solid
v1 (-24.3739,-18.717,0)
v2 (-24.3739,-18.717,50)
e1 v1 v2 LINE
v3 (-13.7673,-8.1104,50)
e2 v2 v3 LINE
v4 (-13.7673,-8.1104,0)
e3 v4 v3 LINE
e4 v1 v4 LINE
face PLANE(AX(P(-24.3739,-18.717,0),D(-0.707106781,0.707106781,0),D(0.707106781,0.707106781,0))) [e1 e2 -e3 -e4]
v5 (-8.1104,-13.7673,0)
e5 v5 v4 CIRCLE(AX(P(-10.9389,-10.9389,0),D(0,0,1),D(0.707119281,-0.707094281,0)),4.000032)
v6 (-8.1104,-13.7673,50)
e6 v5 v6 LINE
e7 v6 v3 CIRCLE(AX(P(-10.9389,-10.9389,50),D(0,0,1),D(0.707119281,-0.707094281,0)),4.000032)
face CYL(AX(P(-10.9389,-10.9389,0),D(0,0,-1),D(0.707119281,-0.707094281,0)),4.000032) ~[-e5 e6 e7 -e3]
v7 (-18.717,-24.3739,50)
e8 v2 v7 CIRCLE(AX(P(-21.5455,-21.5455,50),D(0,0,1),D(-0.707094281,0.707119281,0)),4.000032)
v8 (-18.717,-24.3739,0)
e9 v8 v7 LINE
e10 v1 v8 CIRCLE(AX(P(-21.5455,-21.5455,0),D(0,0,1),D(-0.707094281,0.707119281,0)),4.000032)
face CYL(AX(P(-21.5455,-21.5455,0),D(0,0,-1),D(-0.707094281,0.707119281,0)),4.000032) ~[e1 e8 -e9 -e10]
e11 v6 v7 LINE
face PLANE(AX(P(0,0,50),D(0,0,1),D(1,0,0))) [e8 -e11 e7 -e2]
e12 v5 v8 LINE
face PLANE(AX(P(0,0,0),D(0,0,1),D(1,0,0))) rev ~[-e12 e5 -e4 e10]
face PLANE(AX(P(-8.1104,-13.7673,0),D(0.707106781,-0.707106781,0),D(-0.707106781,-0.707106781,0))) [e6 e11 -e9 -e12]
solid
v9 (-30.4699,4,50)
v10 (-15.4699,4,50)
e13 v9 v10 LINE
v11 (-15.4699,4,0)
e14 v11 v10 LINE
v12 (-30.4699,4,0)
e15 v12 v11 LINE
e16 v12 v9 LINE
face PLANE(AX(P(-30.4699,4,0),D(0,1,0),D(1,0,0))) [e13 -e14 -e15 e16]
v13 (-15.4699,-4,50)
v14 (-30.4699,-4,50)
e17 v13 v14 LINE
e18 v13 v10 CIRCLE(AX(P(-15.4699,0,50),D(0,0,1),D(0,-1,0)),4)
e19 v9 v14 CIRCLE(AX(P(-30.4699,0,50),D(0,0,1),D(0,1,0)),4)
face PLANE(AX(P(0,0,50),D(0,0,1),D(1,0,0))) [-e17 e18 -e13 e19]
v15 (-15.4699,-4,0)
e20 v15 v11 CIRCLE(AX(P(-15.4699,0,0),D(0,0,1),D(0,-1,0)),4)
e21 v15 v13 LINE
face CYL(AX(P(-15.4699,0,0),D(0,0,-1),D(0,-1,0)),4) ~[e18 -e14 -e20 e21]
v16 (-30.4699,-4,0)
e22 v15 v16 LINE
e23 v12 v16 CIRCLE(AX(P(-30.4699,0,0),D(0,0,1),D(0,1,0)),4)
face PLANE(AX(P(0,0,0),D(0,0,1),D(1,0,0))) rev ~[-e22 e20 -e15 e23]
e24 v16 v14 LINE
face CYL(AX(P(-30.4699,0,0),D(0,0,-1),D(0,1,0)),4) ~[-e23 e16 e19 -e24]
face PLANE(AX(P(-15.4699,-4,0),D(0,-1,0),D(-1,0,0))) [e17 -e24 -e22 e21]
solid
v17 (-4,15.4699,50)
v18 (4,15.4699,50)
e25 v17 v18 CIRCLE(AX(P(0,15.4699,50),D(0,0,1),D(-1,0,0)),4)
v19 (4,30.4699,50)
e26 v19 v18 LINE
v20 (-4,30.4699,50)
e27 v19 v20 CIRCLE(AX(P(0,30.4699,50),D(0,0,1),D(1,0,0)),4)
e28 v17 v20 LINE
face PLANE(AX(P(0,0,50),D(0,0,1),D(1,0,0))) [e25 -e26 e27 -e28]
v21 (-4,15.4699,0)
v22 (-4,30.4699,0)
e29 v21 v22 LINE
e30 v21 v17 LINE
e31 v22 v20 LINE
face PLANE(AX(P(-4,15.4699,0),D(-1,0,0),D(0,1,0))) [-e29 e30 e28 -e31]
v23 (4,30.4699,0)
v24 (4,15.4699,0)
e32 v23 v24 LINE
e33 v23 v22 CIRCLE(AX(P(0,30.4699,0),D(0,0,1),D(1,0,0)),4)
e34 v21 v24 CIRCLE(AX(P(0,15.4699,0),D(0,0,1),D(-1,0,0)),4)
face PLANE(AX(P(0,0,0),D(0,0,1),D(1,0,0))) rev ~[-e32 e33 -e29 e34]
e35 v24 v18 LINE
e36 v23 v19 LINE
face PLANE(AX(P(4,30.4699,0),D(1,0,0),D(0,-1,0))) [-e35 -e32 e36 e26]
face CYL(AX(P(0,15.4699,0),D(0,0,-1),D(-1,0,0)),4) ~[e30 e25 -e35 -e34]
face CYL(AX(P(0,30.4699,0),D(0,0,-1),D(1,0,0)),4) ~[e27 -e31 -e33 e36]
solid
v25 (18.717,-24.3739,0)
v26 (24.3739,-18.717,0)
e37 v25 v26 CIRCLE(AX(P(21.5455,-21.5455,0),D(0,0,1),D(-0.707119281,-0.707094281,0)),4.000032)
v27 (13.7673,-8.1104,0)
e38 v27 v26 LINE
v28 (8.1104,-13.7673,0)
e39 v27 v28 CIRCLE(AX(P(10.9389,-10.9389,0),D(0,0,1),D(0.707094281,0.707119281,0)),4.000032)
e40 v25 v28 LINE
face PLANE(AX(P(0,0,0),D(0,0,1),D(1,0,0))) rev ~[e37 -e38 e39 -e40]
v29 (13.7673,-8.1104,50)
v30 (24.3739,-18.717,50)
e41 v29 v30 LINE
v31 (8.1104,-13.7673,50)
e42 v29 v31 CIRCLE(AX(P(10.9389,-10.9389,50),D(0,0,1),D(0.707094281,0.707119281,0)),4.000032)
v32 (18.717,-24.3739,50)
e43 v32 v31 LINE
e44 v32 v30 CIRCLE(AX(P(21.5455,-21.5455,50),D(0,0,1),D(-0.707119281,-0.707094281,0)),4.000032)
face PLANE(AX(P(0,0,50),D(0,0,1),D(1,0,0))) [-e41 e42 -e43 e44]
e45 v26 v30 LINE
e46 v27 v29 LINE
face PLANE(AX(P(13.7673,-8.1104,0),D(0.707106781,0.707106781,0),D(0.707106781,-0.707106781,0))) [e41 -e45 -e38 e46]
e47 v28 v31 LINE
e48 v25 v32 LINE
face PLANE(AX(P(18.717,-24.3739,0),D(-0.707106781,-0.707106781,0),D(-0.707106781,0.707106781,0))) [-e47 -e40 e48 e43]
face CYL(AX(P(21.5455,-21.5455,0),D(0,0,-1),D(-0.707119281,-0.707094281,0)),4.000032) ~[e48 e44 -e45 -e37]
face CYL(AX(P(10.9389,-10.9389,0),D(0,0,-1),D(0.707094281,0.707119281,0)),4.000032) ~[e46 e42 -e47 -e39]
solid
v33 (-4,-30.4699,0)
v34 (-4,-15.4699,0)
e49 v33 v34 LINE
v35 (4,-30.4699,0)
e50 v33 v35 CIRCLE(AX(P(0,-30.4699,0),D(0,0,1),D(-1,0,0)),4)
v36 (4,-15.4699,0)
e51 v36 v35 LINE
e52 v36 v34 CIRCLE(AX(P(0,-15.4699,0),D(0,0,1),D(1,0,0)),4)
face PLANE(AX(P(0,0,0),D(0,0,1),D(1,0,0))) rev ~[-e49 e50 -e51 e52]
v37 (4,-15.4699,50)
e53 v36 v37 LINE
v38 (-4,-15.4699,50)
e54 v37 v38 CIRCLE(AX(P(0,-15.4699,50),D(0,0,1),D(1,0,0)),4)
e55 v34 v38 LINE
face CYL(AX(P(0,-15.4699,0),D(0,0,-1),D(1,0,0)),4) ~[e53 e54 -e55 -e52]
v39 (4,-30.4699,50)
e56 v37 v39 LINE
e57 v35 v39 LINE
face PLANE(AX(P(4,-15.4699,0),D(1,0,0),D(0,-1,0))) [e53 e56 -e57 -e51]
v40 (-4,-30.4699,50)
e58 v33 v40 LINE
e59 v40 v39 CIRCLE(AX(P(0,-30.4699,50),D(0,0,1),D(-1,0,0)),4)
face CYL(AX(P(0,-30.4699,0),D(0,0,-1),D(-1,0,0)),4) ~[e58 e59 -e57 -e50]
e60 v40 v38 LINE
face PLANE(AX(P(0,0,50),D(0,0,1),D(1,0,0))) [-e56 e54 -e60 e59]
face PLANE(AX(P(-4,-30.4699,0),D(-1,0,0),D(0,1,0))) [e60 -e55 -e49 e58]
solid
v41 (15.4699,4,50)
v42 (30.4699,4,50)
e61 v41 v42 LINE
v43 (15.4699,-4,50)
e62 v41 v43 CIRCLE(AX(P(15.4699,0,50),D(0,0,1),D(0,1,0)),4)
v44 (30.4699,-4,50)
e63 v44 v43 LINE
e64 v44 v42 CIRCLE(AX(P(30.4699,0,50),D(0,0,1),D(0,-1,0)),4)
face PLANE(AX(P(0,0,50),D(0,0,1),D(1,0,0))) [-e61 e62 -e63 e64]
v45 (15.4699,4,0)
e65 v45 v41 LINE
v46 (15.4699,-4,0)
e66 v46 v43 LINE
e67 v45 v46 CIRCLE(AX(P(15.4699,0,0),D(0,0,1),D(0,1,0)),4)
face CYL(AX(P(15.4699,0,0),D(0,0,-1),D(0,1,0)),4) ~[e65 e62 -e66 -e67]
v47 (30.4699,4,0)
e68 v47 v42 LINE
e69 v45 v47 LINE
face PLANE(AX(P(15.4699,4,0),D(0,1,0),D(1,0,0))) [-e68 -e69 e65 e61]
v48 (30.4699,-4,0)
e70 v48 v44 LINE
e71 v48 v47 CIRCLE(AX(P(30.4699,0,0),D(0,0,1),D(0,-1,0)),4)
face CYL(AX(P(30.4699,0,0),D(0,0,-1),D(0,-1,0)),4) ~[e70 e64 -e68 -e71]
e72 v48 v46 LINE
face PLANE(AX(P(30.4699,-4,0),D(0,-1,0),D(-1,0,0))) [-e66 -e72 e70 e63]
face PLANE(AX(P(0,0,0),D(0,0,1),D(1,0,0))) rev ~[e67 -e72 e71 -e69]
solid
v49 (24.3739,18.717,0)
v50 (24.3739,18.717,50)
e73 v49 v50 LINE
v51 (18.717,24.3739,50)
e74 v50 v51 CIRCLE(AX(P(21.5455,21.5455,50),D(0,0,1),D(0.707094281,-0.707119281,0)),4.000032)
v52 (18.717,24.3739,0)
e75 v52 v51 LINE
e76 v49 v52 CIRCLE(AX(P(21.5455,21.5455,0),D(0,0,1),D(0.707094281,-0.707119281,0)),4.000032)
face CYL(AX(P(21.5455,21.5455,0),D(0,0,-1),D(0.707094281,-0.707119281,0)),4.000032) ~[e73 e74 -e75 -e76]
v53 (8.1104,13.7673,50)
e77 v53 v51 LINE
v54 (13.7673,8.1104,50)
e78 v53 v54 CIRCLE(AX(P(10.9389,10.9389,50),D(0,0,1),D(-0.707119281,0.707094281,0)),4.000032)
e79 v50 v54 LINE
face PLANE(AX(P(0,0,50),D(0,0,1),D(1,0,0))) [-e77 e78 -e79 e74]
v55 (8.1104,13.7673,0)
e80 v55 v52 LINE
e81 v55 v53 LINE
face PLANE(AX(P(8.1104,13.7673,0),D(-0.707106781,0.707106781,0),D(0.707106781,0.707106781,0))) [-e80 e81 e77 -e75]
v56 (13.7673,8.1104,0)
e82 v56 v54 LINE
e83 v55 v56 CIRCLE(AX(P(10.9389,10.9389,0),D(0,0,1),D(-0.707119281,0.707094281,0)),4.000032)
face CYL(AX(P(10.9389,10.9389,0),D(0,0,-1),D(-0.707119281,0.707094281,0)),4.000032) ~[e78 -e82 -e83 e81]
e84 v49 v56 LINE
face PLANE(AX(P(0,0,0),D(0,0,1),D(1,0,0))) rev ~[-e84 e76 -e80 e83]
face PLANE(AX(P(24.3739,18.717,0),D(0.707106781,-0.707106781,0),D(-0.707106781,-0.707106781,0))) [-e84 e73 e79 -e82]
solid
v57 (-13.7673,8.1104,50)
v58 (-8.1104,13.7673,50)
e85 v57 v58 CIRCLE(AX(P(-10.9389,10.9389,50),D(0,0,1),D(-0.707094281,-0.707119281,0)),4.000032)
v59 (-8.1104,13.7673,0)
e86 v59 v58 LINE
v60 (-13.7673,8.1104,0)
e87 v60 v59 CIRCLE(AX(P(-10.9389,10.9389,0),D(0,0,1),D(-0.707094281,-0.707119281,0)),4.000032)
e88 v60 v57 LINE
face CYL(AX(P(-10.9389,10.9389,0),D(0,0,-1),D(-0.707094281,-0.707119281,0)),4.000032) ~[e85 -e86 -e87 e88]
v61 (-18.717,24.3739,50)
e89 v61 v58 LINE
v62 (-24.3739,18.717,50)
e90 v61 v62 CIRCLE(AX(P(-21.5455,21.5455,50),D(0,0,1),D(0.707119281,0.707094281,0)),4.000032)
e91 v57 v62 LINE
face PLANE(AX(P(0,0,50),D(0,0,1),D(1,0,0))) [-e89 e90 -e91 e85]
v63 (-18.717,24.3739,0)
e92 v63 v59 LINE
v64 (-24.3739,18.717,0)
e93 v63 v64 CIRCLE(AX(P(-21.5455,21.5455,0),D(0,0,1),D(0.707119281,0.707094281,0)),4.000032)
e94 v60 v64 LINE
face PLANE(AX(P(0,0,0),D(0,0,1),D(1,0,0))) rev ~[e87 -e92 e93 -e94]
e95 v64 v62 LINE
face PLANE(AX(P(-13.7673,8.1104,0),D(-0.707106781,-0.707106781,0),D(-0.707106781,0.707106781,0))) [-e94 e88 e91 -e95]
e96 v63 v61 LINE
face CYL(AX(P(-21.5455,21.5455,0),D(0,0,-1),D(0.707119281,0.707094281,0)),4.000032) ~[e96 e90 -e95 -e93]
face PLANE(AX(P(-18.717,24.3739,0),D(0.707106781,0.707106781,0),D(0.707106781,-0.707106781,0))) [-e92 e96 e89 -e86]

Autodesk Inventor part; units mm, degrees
ref_plane "YZ Plane" through (0, 0, 0) normal (1, 0, 0) x (0, 1, 0)
ref_plane "XZ Plane" through (0, 0, 0) normal (0, 1, 0) x (-1, 0, 0)
ref_plane "XY Plane" through (0, 0, 0) normal (0, 0, 1) x (1, 0, 0)
sketch "Sketch1" plane through (0, 0, 0) normal (0, 0, 1) x (1, 0, 0)
  line L0 (0, 30.4699) -> (0, 15.4699) construction
  line L1 (4, 30.4699) -> (4, 15.4699)
  line L2 (-4, 15.4699) -> (-4, 30.4699)
  arc A0 (4, 30.4699) -> (-4, 30.4699) centre (0, 30.4699) ccw
  arc A1 (-4, 15.4699) -> (4, 15.4699) centre (0, 15.4699) ccw
  circle A2 centre (0, 0) radius 22.9699 construction
  arc A3 (-18.717, 24.3739) -> (-24.3739, 18.717) centre (-21.5455, 21.5455) ccw
  line L3 (-18.717, 24.3739) -> (-8.1104, 13.7673)
  arc A4 (-13.7673, 8.1104) -> (-8.1104, 13.7673) centre (-10.9389, 10.9389) ccw
  line L4 (-13.7673, 8.1104) -> (-24.3739, 18.717)
  circle A5 centre (0, 0) radius 22.9699 construction
  arc A6 (-30.4699, 4) -> (-30.4699, -4) centre (-30.4699, 0) ccw
  line L5 (-30.4699, 4) -> (-15.4699, 4)
  arc A7 (-15.4699, -4) -> (-15.4699, 4) centre (-15.4699, 0) ccw
  line L6 (-15.4699, -4) -> (-30.4699, -4)
  circle A8 centre (0, 0) radius 22.9699 construction
  arc A9 (-24.3739, -18.717) -> (-18.717, -24.3739) centre (-21.5455, -21.5455) ccw
  line L7 (-24.3739, -18.717) -> (-13.7673, -8.1104)
  arc A10 (-8.1104, -13.7673) -> (-13.7673, -8.1104) centre (-10.9389, -10.9389) ccw
  line L8 (-8.1104, -13.7673) -> (-18.717, -24.3739)
  circle A11 centre (0, 0) radius 22.9699 construction
  arc A12 (-4, -30.4699) -> (4, -30.4699) centre (0, -30.4699) ccw
  line L9 (-4, -30.4699) -> (-4, -15.4699)
  arc A13 (4, -15.4699) -> (-4, -15.4699) centre (0, -15.4699) ccw
  line L10 (4, -15.4699) -> (4, -30.4699)
  circle A14 centre (0, 0) radius 22.9699 construction
  arc A15 (18.717, -24.3739) -> (24.3739, -18.717) centre (21.5455, -21.5455) ccw
  line L11 (18.717, -24.3739) -> (8.1104, -13.7673)
  arc A16 (13.7673, -8.1104) -> (8.1104, -13.7673) centre (10.9389, -10.9389) ccw
  line L12 (13.7673, -8.1104) -> (24.3739, -18.717)
  circle A17 centre (0, 0) radius 22.9699 construction
  arc A18 (30.4699, -4) -> (30.4699, 4) centre (30.4699, 0) ccw
  line L13 (30.4699, -4) -> (15.4699, -4)
  arc A19 (15.4699, 4) -> (15.4699, -4) centre (15.4699, 0) ccw
  line L14 (15.4699, 4) -> (30.4699, 4)
  circle A20 centre (0, 0) radius 22.9699 construction
  arc A21 (24.3739, 18.717) -> (18.717, 24.3739) centre (21.5455, 21.5455) ccw
  line L15 (24.3739, 18.717) -> (13.7673, 8.1104)
  arc A22 (8.1104, 13.7673) -> (13.7673, 8.1104) centre (10.9389, 10.9389) ccw
  line L16 (8.1104, 13.7673) -> (18.717, 24.3739)
  circle A23 centre (0, 0) radius 22.9699 construction
  point P0 (0, 22.9699)
  point P1 (-16.2422, 16.2422)
  point P2 (-22.9699, 0)
  point P3 (-16.2422, -16.2422)
  point P4 (0, -22.9699)
  point P5 (16.2422, -16.2422)
  point P6 (22.9699, 0)
  point P7 (16.2422, 16.2422)
  dimension "d0" = 4
  dimension "d1" = 15
  dimension "d4" = 360
extrude "Extrusion1" add sketch "Sketch1" along normal blind 50
properties part number "location hole"
